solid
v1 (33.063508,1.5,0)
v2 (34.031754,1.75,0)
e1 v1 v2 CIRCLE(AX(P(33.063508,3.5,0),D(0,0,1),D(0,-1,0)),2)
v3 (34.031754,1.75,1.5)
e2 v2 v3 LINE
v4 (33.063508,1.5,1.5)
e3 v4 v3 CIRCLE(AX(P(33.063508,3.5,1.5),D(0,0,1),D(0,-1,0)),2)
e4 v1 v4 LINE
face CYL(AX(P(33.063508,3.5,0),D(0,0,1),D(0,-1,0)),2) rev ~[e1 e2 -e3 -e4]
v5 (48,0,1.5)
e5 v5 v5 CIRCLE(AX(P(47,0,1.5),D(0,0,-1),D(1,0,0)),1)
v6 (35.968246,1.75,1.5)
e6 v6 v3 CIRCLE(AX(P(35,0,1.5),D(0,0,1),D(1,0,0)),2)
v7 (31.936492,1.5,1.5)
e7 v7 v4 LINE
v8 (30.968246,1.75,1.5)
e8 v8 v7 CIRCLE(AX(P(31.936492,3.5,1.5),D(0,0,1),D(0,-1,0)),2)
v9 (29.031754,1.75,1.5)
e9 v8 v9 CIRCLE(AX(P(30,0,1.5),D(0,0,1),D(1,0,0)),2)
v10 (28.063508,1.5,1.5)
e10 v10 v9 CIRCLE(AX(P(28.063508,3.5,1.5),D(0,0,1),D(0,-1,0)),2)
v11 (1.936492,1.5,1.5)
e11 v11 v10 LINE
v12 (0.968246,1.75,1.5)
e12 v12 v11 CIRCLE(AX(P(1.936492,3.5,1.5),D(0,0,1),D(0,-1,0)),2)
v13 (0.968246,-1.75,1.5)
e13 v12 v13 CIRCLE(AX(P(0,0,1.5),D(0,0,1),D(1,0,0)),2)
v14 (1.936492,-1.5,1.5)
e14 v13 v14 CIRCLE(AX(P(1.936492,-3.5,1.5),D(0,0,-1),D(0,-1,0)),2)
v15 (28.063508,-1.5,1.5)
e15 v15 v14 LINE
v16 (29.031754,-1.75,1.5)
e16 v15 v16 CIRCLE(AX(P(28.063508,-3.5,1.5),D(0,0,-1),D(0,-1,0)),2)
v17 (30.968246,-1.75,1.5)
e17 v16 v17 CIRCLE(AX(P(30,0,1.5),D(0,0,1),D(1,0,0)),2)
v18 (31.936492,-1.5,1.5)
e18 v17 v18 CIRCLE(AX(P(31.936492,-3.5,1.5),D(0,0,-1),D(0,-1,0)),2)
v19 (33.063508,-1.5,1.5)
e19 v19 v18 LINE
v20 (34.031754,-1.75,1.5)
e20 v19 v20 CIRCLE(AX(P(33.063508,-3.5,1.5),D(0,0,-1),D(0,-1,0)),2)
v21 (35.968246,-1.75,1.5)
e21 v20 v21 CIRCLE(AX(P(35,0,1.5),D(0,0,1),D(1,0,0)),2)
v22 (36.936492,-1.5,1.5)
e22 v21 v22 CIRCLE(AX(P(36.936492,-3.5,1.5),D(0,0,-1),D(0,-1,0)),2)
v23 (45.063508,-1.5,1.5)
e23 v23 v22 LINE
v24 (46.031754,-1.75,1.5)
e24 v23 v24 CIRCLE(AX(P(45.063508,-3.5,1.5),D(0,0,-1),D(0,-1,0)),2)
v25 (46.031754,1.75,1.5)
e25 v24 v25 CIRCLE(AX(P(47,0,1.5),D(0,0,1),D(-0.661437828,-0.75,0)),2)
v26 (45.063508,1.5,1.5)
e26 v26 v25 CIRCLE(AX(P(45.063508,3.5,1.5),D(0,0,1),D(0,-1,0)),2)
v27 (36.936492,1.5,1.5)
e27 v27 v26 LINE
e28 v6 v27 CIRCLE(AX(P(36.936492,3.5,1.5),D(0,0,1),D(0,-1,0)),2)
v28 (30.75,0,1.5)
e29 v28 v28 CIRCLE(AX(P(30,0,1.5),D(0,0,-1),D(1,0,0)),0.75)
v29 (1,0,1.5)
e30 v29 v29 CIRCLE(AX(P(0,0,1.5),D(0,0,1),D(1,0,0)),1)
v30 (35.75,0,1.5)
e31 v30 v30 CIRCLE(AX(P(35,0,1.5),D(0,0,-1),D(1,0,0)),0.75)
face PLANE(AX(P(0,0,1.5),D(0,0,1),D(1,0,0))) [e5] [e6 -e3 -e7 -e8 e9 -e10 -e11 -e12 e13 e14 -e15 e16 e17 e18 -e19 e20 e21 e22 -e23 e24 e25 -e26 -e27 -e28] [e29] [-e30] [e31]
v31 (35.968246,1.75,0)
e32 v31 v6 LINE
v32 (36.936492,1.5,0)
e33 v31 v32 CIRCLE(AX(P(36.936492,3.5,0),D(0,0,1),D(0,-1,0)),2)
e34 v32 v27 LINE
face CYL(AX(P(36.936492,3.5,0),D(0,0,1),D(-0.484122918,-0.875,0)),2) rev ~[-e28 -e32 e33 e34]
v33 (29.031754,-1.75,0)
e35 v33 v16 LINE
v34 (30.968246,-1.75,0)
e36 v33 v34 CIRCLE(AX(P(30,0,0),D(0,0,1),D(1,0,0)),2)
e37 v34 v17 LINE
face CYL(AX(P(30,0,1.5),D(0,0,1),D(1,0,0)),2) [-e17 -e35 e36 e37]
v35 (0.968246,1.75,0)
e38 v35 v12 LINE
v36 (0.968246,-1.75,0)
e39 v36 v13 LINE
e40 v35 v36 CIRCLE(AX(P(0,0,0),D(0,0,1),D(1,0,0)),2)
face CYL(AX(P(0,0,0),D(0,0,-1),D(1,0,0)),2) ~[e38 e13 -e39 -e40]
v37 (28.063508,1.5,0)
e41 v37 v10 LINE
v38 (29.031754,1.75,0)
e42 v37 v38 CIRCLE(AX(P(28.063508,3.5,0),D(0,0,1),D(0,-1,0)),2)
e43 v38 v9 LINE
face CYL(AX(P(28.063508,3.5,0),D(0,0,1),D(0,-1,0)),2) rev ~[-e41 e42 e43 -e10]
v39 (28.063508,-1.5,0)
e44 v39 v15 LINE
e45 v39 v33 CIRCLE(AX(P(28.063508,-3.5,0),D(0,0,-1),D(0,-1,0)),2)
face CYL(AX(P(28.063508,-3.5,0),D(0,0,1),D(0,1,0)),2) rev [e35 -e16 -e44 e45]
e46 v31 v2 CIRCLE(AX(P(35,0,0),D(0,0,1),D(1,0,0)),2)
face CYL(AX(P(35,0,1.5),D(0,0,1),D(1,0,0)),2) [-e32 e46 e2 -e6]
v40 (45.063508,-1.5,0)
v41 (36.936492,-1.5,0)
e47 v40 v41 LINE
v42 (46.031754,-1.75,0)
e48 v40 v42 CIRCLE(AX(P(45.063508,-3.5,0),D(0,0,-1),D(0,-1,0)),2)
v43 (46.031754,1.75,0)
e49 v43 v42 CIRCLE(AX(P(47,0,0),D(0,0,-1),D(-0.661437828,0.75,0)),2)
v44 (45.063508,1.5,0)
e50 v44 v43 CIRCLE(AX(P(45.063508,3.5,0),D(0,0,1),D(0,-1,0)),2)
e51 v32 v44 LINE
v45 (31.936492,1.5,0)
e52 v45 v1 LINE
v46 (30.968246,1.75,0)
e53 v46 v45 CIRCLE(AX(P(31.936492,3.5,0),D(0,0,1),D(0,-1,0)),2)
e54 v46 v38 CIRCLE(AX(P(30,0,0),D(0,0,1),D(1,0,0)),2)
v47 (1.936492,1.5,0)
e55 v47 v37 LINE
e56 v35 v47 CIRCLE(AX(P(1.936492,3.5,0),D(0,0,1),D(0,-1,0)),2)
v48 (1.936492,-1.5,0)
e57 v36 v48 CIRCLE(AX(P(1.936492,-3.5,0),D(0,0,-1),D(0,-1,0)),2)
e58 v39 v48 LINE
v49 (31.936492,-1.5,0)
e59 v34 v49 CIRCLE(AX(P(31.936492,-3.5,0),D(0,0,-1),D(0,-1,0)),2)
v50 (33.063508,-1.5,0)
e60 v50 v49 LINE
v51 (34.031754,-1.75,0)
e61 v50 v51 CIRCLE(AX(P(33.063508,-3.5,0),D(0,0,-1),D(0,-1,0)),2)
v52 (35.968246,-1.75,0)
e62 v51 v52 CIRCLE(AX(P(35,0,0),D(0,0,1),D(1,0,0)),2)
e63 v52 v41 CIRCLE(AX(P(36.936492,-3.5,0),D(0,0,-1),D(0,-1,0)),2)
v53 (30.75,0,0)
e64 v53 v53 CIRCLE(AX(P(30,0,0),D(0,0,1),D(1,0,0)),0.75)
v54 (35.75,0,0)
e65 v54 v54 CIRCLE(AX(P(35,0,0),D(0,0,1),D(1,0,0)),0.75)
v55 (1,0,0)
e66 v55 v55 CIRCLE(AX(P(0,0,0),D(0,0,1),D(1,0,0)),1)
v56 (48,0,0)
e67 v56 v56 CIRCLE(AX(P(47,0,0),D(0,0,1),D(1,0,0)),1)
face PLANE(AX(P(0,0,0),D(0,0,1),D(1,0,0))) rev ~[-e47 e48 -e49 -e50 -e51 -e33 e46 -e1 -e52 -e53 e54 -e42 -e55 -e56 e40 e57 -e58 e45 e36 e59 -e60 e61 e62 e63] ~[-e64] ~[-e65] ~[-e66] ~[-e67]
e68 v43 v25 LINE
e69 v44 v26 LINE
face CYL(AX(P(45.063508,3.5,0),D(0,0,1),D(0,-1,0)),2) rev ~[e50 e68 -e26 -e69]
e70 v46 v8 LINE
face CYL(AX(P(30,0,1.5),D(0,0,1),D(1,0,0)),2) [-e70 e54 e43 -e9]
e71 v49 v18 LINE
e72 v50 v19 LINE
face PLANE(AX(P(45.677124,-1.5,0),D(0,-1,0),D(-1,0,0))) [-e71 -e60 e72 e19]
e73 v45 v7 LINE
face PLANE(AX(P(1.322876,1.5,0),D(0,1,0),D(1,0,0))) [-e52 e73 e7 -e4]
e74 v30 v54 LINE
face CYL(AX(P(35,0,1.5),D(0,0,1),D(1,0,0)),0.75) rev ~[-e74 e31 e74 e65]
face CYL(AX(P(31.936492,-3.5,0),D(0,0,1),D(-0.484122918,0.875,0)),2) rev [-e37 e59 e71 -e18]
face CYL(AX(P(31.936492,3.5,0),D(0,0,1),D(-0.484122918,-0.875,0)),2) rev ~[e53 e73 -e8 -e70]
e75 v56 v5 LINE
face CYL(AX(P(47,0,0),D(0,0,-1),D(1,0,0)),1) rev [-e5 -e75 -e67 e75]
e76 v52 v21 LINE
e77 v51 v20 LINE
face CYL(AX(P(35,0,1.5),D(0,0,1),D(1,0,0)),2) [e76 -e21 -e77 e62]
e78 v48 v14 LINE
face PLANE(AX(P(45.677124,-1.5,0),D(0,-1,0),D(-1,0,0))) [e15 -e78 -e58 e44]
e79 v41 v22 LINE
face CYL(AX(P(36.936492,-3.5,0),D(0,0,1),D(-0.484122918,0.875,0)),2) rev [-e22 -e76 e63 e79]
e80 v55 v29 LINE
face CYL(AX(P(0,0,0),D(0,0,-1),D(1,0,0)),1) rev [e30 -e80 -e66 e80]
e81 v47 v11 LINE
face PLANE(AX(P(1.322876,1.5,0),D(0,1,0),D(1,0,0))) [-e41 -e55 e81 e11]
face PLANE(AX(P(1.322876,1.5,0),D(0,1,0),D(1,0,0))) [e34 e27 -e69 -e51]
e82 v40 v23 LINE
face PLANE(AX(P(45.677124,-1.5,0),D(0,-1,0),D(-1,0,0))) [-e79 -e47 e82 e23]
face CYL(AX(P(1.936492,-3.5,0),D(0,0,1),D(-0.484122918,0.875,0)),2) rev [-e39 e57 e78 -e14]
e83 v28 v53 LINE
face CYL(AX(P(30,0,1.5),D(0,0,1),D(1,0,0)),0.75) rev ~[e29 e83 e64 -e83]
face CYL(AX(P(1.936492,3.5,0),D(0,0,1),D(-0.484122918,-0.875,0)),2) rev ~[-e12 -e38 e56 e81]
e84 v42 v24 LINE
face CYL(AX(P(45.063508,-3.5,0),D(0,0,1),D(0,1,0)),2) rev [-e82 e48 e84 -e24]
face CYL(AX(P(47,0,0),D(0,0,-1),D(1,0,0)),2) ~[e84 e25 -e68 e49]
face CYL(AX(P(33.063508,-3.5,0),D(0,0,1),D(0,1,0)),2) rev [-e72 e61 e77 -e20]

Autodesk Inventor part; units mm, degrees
ref_plane "YZ Plane" through (0, 0, 0) normal (1, 0, 0) x (0, 1, 0)
ref_plane "XZ Plane" through (0, 0, 0) normal (0, 1, 0) x (-1, 0, 0)
ref_plane "XY Plane" through (0, 0, 0) normal (0, 0, 1) x (1, 0, 0)
sketch "Sketch1" plane through (0, 0, 0) normal (0, 0, 1) x (1, 0, 0)
  circle A0 centre (0, 0) radius 1
  circle A1 centre (0, 0) radius 2
  line L0 (0, 0) -> (47, 0) construction
  circle A2 centre (47, 0) radius 2
  circle A3 centre (47, 0) radius 1
  line L1 (1, 1.5) -> (46, 1.5)
  line L2 (46, 1.5) -> (46, -1.5)
  line L3 (46, -1.5) -> (1, -1.5)
  line L4 (1, -1.5) -> (1, 1.5)
  line L5 (1, 1.5) -> (46, -1.5) construction
  line L6 (46, 1.5) -> (1, -1.5) construction
  point P0 (23.5, 0)
  point P1 (1.3229, -1.5)
  point P2 (45.6771, -1.5)
  point P3 (45.6771, 1.5)
  point P4 (1.3229, 1.5)
  dimension "d0" = 2
  dimension "d1" = 4
  dimension "d8" = 3
  dimension "d9" = 47
extrude "Extrusion1" add sketch "Sketch1" along normal blind 1.5
fillet "Fillet2" radius 2 4 edges at (1.3229, 1.5, 0.75) (45.6771, 1.5, 0.75) (45.6771, -1.5, 0.75) (1.3229, -1.5, 0.75)
sketch "Sketch3" plane through (0, 0, 1.5) normal (0, 0, 1) x (1, 0, 0)
  line L0 (-12.2, 0) -> (59.2, 0) projected
  circle A0 centre (35, 0) radius 0.75
  circle A1 centre (30, 0) radius 0.75
  circle A2 centre (47, 0) radius 1 projected
  point P0 (0, 0)
  dimension "d11" = 12
  dimension "d12" = 5
  dimension "d13" = 1.5
extrude "Extrusion2" cut sketch "Sketch3" against normal through all contours A1 L0 | A0 L0 | L0 A0 | L0 A1
sketch "Sketch4" plane through (0, 0, 1.5) normal (0, 0, 1) x (1, 0, 0)
  circle A0 centre (30, 0) radius 0.75 projected
  circle A1 centre (30, 0) radius 2
  circle A2 centre (35, 0) radius 0.75 projected
  circle A3 centre (35, 0) radius 2
  point P0 (0, 0)
  dimension "d16" = 4
extrude "Extrusion3" add sketch "Sketch4" against normal up to surface (1.5 mm away)
fillet "Fillet3" radius 2 8 edges at (28.6771, 1.5, 0.75) (31.3229, 1.5, 0.75) (33.6771, 1.5, 0.75) (36.3229, 1.5, 0.75) (33.6771, -1.5, 0.75) (36.3229, -1.5, 0.75) (28.6771, -1.5, 0.75) (31.3229, -1.5, 0.75)
properties part number "ff"
